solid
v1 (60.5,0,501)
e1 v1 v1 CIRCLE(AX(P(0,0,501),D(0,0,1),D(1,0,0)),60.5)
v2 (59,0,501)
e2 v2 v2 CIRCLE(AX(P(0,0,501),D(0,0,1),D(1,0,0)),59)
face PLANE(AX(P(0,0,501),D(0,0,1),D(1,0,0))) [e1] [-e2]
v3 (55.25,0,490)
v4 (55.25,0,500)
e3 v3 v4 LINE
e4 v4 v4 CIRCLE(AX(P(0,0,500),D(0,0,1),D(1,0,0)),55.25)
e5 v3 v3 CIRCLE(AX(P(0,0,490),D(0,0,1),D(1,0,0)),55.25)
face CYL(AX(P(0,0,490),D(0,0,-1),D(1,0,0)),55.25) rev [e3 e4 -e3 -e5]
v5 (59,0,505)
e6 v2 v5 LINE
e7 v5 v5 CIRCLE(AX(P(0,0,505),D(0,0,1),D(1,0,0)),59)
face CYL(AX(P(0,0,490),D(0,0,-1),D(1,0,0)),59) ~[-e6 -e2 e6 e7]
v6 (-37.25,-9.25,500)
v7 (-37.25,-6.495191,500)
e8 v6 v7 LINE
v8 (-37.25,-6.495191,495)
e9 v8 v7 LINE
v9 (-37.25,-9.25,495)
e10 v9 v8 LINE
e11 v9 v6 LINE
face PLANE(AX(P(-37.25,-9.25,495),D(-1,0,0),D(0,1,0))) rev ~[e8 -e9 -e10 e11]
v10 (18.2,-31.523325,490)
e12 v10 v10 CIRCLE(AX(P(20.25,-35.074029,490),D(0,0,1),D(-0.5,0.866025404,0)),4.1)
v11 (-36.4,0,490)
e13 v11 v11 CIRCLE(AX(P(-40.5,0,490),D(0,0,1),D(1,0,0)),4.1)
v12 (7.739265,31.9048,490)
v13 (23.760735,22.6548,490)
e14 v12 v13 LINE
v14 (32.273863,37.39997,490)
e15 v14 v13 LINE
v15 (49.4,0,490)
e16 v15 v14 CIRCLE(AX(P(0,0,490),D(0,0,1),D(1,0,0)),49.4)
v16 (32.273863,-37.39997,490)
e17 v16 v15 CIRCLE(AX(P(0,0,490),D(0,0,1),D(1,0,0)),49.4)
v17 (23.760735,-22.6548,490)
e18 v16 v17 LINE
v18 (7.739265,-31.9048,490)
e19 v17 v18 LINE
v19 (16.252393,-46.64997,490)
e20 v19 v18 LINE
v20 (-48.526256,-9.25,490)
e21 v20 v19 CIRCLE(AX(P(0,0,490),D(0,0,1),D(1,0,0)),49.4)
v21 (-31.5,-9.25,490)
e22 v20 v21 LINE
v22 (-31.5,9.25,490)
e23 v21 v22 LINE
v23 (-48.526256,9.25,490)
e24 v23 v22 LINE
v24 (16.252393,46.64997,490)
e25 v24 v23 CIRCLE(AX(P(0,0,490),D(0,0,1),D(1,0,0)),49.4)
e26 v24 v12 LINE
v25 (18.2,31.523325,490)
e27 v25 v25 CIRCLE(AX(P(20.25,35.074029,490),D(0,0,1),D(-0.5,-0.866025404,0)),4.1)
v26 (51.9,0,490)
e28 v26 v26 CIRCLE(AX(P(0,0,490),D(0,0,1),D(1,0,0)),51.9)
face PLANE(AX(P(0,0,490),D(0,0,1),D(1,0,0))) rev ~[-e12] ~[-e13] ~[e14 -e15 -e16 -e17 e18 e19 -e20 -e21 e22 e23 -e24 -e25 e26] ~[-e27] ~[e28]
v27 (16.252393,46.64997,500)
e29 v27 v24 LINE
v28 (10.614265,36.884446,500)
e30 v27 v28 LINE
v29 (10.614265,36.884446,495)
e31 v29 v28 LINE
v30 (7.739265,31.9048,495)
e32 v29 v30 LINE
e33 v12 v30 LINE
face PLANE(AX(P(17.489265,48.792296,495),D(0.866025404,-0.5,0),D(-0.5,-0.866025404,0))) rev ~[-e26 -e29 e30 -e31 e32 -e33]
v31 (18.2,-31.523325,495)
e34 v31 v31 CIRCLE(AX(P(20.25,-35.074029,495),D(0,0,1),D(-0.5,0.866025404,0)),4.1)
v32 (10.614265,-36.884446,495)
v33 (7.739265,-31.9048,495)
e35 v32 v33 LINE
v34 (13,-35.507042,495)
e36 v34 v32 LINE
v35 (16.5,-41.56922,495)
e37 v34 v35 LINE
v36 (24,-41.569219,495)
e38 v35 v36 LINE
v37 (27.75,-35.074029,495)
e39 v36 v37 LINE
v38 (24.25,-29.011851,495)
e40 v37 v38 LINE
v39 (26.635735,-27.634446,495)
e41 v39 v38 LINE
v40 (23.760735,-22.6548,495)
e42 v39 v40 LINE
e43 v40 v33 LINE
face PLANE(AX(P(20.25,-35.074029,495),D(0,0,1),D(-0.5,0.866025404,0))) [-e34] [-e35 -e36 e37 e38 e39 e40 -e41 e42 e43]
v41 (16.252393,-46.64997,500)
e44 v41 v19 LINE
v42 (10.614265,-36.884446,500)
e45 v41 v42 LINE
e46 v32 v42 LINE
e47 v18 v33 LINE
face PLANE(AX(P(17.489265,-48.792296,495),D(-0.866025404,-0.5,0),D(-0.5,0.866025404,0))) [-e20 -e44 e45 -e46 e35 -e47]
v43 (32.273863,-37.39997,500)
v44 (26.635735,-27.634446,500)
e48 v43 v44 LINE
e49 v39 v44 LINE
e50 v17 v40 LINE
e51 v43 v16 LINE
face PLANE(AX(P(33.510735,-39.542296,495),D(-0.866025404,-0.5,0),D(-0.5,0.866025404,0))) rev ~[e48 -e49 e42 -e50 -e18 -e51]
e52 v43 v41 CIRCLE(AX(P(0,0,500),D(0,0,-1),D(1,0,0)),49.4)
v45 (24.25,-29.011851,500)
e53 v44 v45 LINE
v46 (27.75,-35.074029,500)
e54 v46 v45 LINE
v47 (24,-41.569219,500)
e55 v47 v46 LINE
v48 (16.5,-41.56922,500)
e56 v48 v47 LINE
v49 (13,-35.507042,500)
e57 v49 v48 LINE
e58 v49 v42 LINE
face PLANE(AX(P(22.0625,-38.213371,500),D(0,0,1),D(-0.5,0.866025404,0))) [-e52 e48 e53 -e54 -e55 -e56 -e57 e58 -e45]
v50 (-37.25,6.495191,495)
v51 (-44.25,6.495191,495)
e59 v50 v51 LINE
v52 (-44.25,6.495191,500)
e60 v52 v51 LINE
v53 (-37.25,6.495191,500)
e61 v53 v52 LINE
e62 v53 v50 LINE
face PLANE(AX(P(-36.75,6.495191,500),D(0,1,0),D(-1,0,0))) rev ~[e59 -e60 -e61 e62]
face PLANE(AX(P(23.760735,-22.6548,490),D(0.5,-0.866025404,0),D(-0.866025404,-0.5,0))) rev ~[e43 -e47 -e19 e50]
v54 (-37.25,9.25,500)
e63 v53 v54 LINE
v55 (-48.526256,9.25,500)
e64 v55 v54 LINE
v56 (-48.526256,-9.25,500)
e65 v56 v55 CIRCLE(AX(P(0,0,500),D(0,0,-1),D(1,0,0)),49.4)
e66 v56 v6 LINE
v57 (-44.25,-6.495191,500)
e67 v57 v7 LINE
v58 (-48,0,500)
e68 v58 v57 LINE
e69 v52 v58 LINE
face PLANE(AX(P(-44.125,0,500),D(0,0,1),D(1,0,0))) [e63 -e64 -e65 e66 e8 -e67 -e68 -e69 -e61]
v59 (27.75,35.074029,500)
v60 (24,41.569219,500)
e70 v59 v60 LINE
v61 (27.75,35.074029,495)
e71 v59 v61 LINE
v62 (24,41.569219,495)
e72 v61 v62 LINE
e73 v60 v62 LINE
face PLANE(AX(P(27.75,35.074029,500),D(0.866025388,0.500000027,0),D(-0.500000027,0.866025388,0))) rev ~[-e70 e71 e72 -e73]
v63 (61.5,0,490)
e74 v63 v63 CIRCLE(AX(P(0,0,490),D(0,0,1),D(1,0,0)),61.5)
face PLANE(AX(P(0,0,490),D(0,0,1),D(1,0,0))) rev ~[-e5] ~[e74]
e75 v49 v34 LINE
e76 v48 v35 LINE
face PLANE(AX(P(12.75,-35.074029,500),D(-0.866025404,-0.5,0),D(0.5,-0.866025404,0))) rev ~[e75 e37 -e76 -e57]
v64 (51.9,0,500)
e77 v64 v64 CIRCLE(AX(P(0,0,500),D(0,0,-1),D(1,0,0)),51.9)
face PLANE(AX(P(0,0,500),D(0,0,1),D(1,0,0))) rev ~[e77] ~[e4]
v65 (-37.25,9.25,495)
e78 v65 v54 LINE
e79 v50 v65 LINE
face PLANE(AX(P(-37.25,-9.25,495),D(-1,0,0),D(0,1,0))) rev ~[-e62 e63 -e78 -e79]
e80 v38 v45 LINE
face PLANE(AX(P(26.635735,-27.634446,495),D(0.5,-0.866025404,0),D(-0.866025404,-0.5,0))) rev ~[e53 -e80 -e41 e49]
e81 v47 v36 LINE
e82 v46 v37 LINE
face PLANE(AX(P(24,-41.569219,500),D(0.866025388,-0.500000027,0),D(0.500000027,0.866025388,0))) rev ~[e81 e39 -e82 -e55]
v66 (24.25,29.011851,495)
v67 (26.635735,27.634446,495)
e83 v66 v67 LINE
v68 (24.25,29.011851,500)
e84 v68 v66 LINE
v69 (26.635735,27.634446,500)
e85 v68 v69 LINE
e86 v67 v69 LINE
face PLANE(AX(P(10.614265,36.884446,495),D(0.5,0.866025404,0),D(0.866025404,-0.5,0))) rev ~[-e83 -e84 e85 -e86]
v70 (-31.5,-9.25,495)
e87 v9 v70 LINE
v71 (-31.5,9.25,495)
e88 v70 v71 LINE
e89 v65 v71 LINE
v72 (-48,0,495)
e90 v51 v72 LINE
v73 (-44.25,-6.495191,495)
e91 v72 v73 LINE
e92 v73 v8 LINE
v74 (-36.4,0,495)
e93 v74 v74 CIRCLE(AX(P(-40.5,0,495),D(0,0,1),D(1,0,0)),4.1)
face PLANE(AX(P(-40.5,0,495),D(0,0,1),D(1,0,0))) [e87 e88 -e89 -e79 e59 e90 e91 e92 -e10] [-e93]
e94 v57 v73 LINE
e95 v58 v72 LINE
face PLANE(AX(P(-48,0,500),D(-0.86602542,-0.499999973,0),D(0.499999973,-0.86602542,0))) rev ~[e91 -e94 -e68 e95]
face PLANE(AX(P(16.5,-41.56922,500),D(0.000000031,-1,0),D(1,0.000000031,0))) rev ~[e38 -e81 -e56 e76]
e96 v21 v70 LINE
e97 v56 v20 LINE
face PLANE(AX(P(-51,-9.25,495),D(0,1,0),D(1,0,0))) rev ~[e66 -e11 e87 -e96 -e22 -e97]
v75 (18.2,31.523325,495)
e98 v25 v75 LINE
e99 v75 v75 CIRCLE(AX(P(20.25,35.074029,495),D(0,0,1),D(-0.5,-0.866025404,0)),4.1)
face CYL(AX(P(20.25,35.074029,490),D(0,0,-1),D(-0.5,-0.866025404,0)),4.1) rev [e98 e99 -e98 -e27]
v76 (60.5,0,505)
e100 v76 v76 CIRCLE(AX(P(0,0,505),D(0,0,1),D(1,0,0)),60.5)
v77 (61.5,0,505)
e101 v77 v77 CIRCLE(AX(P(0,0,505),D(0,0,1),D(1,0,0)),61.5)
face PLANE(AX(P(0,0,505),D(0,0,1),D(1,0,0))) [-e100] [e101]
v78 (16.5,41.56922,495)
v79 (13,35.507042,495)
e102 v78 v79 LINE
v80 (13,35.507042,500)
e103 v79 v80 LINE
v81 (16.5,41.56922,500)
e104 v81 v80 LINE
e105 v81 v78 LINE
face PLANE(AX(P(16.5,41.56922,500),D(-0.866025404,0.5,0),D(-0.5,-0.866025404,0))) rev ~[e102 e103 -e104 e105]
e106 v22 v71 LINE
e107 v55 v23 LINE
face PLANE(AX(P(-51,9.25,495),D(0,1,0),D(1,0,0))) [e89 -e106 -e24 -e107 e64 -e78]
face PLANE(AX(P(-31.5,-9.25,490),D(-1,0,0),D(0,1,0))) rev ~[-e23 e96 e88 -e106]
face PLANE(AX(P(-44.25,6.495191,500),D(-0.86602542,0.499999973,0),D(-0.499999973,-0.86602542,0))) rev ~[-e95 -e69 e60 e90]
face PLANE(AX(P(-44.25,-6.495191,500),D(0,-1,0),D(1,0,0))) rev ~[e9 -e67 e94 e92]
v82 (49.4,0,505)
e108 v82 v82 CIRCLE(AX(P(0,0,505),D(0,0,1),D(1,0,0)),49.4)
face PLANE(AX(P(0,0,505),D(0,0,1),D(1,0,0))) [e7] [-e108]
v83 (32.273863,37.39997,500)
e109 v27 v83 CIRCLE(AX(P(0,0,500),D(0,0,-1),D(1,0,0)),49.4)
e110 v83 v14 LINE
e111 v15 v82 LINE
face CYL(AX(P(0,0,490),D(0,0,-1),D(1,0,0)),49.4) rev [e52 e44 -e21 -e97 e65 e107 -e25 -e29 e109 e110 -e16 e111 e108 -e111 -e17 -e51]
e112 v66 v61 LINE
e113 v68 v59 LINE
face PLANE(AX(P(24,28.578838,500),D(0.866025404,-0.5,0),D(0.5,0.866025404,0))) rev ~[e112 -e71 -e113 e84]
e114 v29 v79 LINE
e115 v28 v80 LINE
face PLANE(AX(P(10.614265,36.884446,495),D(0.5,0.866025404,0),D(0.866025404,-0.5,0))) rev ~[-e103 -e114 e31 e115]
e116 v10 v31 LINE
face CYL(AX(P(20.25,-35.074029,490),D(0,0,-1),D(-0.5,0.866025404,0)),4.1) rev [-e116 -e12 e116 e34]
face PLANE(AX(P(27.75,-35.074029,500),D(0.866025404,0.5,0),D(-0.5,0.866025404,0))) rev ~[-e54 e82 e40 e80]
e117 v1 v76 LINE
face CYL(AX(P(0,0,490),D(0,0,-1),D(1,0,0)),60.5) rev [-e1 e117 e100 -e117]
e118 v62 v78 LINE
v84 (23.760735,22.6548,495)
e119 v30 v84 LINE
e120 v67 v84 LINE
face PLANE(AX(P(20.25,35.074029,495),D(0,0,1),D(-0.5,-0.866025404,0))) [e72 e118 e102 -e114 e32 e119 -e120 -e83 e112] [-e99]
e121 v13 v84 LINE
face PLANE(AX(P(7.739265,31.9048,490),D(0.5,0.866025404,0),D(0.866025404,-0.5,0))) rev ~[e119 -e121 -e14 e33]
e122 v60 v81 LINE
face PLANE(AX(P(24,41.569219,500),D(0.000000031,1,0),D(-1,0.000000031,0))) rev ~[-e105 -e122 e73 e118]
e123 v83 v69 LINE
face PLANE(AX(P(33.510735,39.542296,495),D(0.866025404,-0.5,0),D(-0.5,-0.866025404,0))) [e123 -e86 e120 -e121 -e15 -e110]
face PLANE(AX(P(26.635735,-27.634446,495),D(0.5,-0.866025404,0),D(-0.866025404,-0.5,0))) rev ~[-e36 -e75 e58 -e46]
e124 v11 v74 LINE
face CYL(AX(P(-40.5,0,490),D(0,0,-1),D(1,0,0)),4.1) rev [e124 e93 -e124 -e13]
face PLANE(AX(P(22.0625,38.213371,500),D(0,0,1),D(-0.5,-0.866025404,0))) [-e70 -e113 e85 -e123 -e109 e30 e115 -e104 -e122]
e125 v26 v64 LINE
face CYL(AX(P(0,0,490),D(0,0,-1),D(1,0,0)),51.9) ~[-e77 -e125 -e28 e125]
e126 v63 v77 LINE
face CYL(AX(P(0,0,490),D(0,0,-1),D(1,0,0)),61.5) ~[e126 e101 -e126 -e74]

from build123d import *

# Parameters (mm, degrees)
EXTRUDE003_DEPTH  = 5
BOX025_W          = 13.75
BOX025_H          = 18.5
BOX025_DEPTH      = 5
CYLINDER031_R     = 4.1
CYLINDER031_DEPTH = 5
BOX024_W          = 18
BOX024_H          = 18.5
BOX024_DEPTH      = 5
ARRAY035_COUNT    = 3
TUBE016_R         = 60.5
TUBE016_R_2       = 59
TUBE016_DEPTH     = 11
TUBE017_R         = 61.5
TUBE017_R_2       = 60.5
TUBE017_DEPTH     = 15
TUBE024_R         = 55.25
TUBE024_R_2       = 51.75
TUBE024_DEPTH     = 5
TUBE025_R         = 51.9
TUBE025_R_2       = 49.4
TUBE025_DEPTH     = 15
TUBE015_R         = 59
TUBE015_R_2       = 55.25
TUBE015_DEPTH     = 15


with BuildPart() as cockpitrailconnectornutcutout:
    # Face003 → Extrude003 (new body)
    with BuildSketch(Plane(origin=(-40.5, 0, 500), x_dir=(0, 1, 0), z_dir=(0, 0, 1))):
        Polygon((0, -7.5), (6.495191, -3.75), (6.495191, 3.75), (0, 7.5), (-6.495191, 3.75), (-6.495191, -3.75), align=None)
    extrude(amount=-EXTRUDE003_DEPTH)


with BuildPart() as cockpitrailconnectornutanchor1:
    # Box025 → Box025 (new body)
    with BuildSketch(Plane(origin=(-51, -9.25, 495), x_dir=(1, 0, 0), z_dir=(0, 0, 1))):
        with Locations((6.875, 9.25)):
            Rectangle(BOX025_W, BOX025_H)
    extrude(amount=BOX025_DEPTH)

    # Cut059: cut CockpitRailConnectorNutCutout
    add(cockpitrailconnectornutcutout.part, mode=Mode.SUBTRACT)


with BuildPart() as cockpitrailconnectorrailcutter:
    # Cylinder031 → Cylinder031 (new body)
    with BuildSketch(Plane(origin=(-40.5, 0, 490), x_dir=(1, 0, 0), z_dir=(0, 0, 1))):
        Circle(CYLINDER031_R)
    extrude(amount=CYLINDER031_DEPTH)


with BuildPart() as cockpitrailconnectors:
    # Box024 → Box024 (new body)
    with BuildSketch(Plane(origin=(-49.5, -9.25, 490), x_dir=(1, 0, 0), z_dir=(0, 0, 1))):
        with Locations((9, 9.25)):
            Rectangle(BOX024_W, BOX024_H)
    extrude(amount=BOX024_DEPTH)

    # Cut058: cut CockpitRailConnectorRailCutter
    add(cockpitrailconnectorrailcutter.part, mode=Mode.SUBTRACT)

    # Fusion018: union CockpitRailConnectorNutAnchor1
    add(cockpitrailconnectornutanchor1.part)

    # Array035: CockpitRailConnectors ×3 about axis
    array035_axis = Axis((0, 0, 0), (0, 0, 1))


with BuildPart() as cockpitrailconnectors_1:
    add(cockpitrailconnectors.part)
    for i in range(1, ARRAY035_COUNT):
        add(cockpitrailconnectors.part.rotate(array035_axis, i * 360 / ARRAY035_COUNT))


with BuildPart() as cockpitmountcenter:
    # Tube016 → Tube016 (new body)
    with BuildSketch(Plane.XY):
        Circle(TUBE016_R)
        Circle(TUBE016_R_2, mode=Mode.SUBTRACT)
    extrude(amount=TUBE016_DEPTH)


with BuildPart() as cockpitmountouter:
    # Tube017 → Tube017 (new body)
    with BuildSketch(Plane.XY):
        Circle(TUBE017_R)
        Circle(TUBE017_R_2, mode=Mode.SUBTRACT)
    extrude(amount=TUBE017_DEPTH)


with BuildPart() as cockpitconnectorcenter:
    # Tube024 → Tube024 (new body)
    with BuildSketch(Plane.XY.offset(10)):
        Circle(TUBE024_R)
        Circle(TUBE024_R_2, mode=Mode.SUBTRACT)
    extrude(amount=TUBE024_DEPTH)


with BuildPart() as cockpitconnectorinner:
    # Tube025 → Tube025 (new body)
    with BuildSketch(Plane.XY):
        Circle(TUBE025_R)
        Circle(TUBE025_R_2, mode=Mode.SUBTRACT)
    extrude(amount=TUBE025_DEPTH)


with BuildPart() as cockpitglassmount2:
    # Tube015 → Tube015 (new body)
    with BuildSketch(Plane.XY):
        Circle(TUBE015_R)
        Circle(TUBE015_R_2, mode=Mode.SUBTRACT)
    extrude(amount=TUBE015_DEPTH)

    # Fusion007: union CockpitMountCenter, CockpitMountOuter, CockpitConnectorCenter, CockpitConnectorInner
    add(cockpitmountcenter.part)
    add(cockpitmountouter.part)
    add(cockpitconnectorcenter.part)
    add(cockpitconnectorinner.part)


with BuildPart() as cockpitglassmount2_1:
    # Fusion007 placement: moved
    add(cockpitglassmount2.part.moved(Location((0, 0, 490))))

    # Fusion019: union CockpitRailConnectors
    add(cockpitrailconnectors_1.part)


solid = cockpitglassmount2_1.part
